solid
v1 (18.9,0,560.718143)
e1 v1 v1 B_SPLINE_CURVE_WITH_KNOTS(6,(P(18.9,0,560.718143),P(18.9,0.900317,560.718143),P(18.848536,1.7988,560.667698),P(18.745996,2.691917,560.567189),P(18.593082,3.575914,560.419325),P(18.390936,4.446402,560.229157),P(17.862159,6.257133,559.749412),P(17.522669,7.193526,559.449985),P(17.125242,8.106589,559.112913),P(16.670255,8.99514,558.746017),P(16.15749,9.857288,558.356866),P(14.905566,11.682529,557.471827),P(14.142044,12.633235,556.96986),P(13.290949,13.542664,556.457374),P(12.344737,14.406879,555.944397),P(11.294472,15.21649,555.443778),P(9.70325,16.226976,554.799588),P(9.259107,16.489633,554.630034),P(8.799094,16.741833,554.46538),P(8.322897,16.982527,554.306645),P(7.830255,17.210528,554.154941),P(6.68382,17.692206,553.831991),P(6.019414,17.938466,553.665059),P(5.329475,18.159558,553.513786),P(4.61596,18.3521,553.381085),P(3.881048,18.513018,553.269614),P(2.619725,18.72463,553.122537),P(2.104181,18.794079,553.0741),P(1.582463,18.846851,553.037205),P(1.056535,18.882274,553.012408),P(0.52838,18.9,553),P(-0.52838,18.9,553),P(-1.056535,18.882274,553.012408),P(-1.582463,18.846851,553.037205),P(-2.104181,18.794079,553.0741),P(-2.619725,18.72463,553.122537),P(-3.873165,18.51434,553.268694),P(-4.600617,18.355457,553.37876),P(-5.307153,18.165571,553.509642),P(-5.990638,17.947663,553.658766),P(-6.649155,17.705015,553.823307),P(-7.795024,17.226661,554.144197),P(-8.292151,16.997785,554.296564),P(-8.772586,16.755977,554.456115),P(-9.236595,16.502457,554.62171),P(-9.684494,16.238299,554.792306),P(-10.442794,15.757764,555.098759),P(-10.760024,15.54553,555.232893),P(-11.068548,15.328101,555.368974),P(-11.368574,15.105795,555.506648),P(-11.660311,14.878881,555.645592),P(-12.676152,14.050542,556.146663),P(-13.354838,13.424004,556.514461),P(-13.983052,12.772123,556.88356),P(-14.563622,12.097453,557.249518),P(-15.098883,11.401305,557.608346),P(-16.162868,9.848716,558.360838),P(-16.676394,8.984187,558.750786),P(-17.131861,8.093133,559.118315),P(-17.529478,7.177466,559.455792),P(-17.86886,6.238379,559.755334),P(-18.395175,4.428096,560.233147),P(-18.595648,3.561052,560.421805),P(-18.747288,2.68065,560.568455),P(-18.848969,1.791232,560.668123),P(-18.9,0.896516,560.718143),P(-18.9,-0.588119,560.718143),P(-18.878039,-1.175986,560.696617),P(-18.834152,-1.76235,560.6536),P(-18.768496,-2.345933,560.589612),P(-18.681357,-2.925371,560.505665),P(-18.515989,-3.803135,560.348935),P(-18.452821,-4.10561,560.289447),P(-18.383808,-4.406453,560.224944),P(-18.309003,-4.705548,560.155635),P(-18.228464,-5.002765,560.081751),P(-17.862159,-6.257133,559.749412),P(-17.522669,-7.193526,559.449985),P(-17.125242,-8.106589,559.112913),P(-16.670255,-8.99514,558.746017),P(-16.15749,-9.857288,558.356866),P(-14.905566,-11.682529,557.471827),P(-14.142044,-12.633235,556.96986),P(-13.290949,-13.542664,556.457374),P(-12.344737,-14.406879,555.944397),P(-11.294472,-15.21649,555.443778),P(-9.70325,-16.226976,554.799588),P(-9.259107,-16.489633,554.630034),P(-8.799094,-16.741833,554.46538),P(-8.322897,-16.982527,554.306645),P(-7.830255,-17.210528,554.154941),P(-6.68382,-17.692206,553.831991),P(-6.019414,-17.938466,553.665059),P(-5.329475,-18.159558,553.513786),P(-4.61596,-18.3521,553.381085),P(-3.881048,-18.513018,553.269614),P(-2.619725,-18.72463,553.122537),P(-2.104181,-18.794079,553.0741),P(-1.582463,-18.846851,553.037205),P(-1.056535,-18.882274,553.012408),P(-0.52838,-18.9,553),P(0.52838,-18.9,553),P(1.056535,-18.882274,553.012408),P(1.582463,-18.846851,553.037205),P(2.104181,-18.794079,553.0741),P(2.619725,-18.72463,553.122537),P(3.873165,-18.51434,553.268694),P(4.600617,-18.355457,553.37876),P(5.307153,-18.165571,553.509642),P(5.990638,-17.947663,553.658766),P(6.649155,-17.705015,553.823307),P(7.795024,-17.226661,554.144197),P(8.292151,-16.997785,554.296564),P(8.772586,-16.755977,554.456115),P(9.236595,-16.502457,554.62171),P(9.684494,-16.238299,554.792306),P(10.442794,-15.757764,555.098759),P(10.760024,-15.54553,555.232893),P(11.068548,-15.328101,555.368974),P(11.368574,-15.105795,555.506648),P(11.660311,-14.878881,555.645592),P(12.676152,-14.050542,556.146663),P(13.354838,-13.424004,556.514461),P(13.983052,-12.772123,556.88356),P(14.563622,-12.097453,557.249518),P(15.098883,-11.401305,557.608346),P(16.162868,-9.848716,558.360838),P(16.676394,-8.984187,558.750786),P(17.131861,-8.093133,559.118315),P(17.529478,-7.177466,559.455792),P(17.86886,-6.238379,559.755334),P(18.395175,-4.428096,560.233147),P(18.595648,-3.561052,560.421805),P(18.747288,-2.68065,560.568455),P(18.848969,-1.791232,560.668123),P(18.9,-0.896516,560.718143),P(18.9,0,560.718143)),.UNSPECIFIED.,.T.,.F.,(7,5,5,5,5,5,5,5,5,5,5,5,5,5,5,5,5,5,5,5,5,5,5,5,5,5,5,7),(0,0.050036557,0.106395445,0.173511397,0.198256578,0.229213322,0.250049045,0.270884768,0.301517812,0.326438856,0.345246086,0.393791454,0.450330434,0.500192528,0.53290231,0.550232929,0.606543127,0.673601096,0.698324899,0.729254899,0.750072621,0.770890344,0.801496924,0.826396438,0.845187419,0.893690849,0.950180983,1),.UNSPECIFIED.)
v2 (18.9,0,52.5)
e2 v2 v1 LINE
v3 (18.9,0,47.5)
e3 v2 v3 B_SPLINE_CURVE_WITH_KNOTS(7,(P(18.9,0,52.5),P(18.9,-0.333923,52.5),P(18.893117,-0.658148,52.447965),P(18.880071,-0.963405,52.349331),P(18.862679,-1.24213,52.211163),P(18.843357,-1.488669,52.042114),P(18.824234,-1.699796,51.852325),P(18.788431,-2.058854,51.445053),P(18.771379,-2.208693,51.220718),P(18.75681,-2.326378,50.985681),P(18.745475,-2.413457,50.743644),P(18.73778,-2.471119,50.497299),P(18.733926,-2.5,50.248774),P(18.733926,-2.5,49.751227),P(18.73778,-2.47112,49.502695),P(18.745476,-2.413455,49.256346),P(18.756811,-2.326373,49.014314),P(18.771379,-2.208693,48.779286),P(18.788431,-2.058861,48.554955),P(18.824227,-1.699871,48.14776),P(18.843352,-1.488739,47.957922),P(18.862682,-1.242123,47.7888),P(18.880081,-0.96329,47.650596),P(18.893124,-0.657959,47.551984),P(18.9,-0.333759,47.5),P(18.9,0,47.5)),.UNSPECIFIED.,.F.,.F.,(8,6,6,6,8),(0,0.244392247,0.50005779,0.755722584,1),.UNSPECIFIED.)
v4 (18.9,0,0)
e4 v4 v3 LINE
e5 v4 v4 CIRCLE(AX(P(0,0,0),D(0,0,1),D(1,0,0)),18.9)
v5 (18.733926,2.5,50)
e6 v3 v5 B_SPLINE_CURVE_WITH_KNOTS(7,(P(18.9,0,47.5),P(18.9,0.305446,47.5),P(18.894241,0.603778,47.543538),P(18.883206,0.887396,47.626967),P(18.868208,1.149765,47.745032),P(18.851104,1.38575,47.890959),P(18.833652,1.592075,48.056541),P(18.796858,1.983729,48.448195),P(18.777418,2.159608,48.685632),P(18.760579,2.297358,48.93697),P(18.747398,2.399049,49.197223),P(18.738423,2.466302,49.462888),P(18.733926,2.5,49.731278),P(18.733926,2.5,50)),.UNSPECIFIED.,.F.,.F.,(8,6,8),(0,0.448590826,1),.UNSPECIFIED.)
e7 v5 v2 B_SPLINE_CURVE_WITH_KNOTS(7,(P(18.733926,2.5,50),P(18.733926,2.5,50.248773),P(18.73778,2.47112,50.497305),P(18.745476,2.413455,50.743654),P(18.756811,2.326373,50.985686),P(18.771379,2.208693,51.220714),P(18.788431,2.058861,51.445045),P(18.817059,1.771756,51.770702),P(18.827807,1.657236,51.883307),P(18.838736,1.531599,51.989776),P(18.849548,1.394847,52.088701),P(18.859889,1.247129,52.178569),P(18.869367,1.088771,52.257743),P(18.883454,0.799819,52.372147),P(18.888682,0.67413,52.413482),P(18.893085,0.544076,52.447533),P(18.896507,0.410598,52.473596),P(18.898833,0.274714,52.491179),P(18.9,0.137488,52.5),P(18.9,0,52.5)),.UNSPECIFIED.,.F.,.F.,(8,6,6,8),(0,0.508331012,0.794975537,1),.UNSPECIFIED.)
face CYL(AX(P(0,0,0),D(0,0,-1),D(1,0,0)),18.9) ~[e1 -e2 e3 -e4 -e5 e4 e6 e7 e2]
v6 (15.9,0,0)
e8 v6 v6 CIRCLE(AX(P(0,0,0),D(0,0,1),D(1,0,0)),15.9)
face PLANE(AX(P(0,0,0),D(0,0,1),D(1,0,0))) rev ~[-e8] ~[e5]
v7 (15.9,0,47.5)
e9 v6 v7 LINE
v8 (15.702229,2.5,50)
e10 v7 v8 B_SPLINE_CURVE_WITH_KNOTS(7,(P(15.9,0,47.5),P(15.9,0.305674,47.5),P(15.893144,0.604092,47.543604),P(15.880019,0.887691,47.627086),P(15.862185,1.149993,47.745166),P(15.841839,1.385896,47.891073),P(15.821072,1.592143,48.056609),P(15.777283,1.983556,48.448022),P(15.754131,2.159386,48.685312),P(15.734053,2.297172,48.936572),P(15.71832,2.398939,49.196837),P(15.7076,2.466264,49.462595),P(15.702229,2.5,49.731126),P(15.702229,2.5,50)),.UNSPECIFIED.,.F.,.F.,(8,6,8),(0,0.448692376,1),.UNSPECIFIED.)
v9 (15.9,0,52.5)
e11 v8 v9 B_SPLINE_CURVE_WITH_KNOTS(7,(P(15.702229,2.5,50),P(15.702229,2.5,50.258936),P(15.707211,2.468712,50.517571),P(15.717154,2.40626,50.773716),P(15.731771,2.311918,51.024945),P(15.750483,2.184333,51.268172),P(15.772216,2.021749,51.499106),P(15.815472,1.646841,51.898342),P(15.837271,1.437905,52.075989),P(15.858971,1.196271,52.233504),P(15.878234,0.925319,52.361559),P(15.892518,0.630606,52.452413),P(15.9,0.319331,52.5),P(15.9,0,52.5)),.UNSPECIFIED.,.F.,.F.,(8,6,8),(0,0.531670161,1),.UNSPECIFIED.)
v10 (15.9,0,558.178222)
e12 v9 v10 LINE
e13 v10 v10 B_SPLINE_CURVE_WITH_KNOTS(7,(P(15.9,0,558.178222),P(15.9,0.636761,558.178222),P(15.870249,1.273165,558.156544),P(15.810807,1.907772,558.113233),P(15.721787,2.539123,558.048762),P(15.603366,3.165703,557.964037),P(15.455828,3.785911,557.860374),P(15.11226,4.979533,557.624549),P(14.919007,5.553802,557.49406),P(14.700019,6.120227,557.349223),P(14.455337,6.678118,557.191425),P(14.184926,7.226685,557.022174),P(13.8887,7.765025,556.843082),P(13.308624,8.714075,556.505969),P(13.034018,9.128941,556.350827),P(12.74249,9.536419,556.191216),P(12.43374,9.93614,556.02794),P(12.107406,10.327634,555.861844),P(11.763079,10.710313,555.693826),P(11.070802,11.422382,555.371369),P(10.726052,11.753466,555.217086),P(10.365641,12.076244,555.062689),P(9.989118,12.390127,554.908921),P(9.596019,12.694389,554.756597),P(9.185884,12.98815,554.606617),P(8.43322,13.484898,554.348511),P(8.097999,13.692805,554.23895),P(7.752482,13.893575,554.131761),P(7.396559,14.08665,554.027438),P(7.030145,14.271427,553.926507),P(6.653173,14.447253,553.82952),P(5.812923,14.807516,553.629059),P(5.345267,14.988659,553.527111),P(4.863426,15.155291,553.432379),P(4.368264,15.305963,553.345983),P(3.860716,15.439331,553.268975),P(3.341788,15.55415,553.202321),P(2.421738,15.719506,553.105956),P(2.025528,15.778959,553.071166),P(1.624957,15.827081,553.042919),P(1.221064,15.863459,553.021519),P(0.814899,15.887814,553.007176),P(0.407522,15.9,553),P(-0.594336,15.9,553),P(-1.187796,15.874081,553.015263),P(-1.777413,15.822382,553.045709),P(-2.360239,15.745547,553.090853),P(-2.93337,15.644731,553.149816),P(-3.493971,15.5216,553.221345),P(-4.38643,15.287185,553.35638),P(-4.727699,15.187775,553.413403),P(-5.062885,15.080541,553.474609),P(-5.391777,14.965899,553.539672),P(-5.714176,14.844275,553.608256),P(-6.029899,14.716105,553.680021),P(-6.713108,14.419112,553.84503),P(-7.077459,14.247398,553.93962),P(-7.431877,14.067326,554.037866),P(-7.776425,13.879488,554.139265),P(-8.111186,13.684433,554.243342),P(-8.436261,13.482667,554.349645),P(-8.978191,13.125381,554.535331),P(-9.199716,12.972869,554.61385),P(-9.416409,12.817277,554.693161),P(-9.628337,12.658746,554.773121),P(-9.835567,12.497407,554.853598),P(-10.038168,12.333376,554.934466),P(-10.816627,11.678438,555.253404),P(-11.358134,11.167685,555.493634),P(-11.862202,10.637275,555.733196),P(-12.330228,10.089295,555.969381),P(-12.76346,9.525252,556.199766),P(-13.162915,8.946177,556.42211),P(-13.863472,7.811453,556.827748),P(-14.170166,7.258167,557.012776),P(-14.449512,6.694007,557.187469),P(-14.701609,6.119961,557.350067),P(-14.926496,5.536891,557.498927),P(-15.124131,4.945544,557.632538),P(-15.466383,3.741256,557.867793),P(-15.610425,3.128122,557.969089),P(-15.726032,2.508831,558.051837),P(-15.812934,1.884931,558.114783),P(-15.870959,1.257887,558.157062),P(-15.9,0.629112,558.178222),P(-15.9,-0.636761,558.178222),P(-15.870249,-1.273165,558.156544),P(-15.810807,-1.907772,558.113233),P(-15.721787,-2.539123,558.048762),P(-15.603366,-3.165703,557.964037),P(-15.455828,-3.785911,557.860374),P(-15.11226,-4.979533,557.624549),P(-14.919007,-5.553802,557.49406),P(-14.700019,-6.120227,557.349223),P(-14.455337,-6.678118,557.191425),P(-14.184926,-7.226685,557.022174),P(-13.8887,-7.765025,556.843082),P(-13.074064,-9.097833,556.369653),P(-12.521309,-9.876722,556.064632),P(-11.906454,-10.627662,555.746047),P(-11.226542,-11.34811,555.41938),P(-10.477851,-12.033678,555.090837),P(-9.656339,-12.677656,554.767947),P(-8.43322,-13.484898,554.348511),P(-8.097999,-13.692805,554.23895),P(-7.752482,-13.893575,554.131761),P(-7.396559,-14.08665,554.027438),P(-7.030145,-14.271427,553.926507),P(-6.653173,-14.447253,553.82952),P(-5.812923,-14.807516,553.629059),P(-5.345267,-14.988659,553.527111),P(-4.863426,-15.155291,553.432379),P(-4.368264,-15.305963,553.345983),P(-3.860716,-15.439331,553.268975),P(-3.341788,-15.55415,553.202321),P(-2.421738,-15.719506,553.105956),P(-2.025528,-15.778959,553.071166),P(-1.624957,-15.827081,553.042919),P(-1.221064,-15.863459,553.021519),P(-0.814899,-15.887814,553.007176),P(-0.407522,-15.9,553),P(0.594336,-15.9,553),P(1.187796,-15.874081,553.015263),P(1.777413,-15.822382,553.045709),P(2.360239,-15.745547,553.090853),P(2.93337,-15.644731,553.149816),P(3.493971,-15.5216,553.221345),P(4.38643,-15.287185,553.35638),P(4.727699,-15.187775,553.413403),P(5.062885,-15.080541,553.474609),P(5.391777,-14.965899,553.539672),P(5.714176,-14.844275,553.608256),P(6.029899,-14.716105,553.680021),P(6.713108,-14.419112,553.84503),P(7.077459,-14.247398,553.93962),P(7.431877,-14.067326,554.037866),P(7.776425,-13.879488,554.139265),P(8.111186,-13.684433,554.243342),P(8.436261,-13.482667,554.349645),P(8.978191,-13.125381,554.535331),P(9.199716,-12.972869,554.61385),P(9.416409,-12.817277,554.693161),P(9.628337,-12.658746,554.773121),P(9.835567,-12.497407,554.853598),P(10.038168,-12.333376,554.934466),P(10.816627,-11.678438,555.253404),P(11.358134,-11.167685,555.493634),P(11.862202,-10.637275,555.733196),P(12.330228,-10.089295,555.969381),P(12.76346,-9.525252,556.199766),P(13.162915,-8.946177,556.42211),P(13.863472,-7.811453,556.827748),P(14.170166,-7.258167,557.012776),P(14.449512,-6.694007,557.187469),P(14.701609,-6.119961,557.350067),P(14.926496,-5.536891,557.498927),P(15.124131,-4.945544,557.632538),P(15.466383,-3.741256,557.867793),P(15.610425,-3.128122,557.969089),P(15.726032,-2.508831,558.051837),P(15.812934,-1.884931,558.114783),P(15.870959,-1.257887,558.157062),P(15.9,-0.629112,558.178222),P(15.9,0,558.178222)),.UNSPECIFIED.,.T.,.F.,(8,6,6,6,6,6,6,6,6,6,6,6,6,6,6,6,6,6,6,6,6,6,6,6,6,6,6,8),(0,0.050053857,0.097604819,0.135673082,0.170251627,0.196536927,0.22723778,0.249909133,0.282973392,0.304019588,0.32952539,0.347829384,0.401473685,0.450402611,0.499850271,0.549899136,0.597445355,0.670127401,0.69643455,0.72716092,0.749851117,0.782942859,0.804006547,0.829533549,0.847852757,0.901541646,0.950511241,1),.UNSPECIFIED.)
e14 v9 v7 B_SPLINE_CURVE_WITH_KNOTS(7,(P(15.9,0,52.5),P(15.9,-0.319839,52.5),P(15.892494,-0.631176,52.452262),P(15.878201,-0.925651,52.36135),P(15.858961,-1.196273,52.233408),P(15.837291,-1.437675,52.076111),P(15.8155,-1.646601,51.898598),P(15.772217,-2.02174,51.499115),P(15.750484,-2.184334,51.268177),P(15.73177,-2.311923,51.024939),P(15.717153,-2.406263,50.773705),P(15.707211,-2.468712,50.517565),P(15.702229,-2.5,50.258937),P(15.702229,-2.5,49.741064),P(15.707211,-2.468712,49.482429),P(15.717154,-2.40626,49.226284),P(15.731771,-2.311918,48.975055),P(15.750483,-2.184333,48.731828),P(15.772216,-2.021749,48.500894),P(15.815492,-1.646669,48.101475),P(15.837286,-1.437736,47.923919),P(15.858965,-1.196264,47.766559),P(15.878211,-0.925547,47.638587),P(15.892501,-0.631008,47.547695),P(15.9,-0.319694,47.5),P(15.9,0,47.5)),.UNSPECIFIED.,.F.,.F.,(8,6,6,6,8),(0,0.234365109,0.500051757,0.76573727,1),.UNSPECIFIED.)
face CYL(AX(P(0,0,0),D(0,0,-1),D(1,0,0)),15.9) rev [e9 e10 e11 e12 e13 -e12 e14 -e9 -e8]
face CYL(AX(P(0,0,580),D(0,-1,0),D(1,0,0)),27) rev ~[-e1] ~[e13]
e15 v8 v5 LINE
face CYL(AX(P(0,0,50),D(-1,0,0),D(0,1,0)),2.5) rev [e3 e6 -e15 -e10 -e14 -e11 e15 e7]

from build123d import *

# Parameters (mm, degrees)
F0_R     = 18.9
F0_R_2   = 15.9
F1_DEPTH = 580
F5_R     = 27
F6_DEPTH = 50
F7_R     = 2.5
F8_DEPTH = 18.901


with BuildPart() as f1:
    # F0 (on Top) → F1 (new body)
    with BuildSketch(Plane.XY):
        Circle(F0_R)
        Circle(F0_R_2, mode=Mode.SUBTRACT)
    extrude(amount=F1_DEPTH)

    # F5 (on face) → F6 (cut, symmetric)
    with BuildSketch(Plane.XZ):
        with Locations((0, 580)):
            Circle(F5_R)
    extrude(amount=F6_DEPTH, both=True, mode=Mode.SUBTRACT)

    # F7 (on Right) → F8 (cut, through all)
    with BuildSketch(Plane.YZ):
        with Locations((0, 50)):
            Circle(F7_R)
    extrude(amount=F8_DEPTH, mode=Mode.SUBTRACT)


solid = f1.part
